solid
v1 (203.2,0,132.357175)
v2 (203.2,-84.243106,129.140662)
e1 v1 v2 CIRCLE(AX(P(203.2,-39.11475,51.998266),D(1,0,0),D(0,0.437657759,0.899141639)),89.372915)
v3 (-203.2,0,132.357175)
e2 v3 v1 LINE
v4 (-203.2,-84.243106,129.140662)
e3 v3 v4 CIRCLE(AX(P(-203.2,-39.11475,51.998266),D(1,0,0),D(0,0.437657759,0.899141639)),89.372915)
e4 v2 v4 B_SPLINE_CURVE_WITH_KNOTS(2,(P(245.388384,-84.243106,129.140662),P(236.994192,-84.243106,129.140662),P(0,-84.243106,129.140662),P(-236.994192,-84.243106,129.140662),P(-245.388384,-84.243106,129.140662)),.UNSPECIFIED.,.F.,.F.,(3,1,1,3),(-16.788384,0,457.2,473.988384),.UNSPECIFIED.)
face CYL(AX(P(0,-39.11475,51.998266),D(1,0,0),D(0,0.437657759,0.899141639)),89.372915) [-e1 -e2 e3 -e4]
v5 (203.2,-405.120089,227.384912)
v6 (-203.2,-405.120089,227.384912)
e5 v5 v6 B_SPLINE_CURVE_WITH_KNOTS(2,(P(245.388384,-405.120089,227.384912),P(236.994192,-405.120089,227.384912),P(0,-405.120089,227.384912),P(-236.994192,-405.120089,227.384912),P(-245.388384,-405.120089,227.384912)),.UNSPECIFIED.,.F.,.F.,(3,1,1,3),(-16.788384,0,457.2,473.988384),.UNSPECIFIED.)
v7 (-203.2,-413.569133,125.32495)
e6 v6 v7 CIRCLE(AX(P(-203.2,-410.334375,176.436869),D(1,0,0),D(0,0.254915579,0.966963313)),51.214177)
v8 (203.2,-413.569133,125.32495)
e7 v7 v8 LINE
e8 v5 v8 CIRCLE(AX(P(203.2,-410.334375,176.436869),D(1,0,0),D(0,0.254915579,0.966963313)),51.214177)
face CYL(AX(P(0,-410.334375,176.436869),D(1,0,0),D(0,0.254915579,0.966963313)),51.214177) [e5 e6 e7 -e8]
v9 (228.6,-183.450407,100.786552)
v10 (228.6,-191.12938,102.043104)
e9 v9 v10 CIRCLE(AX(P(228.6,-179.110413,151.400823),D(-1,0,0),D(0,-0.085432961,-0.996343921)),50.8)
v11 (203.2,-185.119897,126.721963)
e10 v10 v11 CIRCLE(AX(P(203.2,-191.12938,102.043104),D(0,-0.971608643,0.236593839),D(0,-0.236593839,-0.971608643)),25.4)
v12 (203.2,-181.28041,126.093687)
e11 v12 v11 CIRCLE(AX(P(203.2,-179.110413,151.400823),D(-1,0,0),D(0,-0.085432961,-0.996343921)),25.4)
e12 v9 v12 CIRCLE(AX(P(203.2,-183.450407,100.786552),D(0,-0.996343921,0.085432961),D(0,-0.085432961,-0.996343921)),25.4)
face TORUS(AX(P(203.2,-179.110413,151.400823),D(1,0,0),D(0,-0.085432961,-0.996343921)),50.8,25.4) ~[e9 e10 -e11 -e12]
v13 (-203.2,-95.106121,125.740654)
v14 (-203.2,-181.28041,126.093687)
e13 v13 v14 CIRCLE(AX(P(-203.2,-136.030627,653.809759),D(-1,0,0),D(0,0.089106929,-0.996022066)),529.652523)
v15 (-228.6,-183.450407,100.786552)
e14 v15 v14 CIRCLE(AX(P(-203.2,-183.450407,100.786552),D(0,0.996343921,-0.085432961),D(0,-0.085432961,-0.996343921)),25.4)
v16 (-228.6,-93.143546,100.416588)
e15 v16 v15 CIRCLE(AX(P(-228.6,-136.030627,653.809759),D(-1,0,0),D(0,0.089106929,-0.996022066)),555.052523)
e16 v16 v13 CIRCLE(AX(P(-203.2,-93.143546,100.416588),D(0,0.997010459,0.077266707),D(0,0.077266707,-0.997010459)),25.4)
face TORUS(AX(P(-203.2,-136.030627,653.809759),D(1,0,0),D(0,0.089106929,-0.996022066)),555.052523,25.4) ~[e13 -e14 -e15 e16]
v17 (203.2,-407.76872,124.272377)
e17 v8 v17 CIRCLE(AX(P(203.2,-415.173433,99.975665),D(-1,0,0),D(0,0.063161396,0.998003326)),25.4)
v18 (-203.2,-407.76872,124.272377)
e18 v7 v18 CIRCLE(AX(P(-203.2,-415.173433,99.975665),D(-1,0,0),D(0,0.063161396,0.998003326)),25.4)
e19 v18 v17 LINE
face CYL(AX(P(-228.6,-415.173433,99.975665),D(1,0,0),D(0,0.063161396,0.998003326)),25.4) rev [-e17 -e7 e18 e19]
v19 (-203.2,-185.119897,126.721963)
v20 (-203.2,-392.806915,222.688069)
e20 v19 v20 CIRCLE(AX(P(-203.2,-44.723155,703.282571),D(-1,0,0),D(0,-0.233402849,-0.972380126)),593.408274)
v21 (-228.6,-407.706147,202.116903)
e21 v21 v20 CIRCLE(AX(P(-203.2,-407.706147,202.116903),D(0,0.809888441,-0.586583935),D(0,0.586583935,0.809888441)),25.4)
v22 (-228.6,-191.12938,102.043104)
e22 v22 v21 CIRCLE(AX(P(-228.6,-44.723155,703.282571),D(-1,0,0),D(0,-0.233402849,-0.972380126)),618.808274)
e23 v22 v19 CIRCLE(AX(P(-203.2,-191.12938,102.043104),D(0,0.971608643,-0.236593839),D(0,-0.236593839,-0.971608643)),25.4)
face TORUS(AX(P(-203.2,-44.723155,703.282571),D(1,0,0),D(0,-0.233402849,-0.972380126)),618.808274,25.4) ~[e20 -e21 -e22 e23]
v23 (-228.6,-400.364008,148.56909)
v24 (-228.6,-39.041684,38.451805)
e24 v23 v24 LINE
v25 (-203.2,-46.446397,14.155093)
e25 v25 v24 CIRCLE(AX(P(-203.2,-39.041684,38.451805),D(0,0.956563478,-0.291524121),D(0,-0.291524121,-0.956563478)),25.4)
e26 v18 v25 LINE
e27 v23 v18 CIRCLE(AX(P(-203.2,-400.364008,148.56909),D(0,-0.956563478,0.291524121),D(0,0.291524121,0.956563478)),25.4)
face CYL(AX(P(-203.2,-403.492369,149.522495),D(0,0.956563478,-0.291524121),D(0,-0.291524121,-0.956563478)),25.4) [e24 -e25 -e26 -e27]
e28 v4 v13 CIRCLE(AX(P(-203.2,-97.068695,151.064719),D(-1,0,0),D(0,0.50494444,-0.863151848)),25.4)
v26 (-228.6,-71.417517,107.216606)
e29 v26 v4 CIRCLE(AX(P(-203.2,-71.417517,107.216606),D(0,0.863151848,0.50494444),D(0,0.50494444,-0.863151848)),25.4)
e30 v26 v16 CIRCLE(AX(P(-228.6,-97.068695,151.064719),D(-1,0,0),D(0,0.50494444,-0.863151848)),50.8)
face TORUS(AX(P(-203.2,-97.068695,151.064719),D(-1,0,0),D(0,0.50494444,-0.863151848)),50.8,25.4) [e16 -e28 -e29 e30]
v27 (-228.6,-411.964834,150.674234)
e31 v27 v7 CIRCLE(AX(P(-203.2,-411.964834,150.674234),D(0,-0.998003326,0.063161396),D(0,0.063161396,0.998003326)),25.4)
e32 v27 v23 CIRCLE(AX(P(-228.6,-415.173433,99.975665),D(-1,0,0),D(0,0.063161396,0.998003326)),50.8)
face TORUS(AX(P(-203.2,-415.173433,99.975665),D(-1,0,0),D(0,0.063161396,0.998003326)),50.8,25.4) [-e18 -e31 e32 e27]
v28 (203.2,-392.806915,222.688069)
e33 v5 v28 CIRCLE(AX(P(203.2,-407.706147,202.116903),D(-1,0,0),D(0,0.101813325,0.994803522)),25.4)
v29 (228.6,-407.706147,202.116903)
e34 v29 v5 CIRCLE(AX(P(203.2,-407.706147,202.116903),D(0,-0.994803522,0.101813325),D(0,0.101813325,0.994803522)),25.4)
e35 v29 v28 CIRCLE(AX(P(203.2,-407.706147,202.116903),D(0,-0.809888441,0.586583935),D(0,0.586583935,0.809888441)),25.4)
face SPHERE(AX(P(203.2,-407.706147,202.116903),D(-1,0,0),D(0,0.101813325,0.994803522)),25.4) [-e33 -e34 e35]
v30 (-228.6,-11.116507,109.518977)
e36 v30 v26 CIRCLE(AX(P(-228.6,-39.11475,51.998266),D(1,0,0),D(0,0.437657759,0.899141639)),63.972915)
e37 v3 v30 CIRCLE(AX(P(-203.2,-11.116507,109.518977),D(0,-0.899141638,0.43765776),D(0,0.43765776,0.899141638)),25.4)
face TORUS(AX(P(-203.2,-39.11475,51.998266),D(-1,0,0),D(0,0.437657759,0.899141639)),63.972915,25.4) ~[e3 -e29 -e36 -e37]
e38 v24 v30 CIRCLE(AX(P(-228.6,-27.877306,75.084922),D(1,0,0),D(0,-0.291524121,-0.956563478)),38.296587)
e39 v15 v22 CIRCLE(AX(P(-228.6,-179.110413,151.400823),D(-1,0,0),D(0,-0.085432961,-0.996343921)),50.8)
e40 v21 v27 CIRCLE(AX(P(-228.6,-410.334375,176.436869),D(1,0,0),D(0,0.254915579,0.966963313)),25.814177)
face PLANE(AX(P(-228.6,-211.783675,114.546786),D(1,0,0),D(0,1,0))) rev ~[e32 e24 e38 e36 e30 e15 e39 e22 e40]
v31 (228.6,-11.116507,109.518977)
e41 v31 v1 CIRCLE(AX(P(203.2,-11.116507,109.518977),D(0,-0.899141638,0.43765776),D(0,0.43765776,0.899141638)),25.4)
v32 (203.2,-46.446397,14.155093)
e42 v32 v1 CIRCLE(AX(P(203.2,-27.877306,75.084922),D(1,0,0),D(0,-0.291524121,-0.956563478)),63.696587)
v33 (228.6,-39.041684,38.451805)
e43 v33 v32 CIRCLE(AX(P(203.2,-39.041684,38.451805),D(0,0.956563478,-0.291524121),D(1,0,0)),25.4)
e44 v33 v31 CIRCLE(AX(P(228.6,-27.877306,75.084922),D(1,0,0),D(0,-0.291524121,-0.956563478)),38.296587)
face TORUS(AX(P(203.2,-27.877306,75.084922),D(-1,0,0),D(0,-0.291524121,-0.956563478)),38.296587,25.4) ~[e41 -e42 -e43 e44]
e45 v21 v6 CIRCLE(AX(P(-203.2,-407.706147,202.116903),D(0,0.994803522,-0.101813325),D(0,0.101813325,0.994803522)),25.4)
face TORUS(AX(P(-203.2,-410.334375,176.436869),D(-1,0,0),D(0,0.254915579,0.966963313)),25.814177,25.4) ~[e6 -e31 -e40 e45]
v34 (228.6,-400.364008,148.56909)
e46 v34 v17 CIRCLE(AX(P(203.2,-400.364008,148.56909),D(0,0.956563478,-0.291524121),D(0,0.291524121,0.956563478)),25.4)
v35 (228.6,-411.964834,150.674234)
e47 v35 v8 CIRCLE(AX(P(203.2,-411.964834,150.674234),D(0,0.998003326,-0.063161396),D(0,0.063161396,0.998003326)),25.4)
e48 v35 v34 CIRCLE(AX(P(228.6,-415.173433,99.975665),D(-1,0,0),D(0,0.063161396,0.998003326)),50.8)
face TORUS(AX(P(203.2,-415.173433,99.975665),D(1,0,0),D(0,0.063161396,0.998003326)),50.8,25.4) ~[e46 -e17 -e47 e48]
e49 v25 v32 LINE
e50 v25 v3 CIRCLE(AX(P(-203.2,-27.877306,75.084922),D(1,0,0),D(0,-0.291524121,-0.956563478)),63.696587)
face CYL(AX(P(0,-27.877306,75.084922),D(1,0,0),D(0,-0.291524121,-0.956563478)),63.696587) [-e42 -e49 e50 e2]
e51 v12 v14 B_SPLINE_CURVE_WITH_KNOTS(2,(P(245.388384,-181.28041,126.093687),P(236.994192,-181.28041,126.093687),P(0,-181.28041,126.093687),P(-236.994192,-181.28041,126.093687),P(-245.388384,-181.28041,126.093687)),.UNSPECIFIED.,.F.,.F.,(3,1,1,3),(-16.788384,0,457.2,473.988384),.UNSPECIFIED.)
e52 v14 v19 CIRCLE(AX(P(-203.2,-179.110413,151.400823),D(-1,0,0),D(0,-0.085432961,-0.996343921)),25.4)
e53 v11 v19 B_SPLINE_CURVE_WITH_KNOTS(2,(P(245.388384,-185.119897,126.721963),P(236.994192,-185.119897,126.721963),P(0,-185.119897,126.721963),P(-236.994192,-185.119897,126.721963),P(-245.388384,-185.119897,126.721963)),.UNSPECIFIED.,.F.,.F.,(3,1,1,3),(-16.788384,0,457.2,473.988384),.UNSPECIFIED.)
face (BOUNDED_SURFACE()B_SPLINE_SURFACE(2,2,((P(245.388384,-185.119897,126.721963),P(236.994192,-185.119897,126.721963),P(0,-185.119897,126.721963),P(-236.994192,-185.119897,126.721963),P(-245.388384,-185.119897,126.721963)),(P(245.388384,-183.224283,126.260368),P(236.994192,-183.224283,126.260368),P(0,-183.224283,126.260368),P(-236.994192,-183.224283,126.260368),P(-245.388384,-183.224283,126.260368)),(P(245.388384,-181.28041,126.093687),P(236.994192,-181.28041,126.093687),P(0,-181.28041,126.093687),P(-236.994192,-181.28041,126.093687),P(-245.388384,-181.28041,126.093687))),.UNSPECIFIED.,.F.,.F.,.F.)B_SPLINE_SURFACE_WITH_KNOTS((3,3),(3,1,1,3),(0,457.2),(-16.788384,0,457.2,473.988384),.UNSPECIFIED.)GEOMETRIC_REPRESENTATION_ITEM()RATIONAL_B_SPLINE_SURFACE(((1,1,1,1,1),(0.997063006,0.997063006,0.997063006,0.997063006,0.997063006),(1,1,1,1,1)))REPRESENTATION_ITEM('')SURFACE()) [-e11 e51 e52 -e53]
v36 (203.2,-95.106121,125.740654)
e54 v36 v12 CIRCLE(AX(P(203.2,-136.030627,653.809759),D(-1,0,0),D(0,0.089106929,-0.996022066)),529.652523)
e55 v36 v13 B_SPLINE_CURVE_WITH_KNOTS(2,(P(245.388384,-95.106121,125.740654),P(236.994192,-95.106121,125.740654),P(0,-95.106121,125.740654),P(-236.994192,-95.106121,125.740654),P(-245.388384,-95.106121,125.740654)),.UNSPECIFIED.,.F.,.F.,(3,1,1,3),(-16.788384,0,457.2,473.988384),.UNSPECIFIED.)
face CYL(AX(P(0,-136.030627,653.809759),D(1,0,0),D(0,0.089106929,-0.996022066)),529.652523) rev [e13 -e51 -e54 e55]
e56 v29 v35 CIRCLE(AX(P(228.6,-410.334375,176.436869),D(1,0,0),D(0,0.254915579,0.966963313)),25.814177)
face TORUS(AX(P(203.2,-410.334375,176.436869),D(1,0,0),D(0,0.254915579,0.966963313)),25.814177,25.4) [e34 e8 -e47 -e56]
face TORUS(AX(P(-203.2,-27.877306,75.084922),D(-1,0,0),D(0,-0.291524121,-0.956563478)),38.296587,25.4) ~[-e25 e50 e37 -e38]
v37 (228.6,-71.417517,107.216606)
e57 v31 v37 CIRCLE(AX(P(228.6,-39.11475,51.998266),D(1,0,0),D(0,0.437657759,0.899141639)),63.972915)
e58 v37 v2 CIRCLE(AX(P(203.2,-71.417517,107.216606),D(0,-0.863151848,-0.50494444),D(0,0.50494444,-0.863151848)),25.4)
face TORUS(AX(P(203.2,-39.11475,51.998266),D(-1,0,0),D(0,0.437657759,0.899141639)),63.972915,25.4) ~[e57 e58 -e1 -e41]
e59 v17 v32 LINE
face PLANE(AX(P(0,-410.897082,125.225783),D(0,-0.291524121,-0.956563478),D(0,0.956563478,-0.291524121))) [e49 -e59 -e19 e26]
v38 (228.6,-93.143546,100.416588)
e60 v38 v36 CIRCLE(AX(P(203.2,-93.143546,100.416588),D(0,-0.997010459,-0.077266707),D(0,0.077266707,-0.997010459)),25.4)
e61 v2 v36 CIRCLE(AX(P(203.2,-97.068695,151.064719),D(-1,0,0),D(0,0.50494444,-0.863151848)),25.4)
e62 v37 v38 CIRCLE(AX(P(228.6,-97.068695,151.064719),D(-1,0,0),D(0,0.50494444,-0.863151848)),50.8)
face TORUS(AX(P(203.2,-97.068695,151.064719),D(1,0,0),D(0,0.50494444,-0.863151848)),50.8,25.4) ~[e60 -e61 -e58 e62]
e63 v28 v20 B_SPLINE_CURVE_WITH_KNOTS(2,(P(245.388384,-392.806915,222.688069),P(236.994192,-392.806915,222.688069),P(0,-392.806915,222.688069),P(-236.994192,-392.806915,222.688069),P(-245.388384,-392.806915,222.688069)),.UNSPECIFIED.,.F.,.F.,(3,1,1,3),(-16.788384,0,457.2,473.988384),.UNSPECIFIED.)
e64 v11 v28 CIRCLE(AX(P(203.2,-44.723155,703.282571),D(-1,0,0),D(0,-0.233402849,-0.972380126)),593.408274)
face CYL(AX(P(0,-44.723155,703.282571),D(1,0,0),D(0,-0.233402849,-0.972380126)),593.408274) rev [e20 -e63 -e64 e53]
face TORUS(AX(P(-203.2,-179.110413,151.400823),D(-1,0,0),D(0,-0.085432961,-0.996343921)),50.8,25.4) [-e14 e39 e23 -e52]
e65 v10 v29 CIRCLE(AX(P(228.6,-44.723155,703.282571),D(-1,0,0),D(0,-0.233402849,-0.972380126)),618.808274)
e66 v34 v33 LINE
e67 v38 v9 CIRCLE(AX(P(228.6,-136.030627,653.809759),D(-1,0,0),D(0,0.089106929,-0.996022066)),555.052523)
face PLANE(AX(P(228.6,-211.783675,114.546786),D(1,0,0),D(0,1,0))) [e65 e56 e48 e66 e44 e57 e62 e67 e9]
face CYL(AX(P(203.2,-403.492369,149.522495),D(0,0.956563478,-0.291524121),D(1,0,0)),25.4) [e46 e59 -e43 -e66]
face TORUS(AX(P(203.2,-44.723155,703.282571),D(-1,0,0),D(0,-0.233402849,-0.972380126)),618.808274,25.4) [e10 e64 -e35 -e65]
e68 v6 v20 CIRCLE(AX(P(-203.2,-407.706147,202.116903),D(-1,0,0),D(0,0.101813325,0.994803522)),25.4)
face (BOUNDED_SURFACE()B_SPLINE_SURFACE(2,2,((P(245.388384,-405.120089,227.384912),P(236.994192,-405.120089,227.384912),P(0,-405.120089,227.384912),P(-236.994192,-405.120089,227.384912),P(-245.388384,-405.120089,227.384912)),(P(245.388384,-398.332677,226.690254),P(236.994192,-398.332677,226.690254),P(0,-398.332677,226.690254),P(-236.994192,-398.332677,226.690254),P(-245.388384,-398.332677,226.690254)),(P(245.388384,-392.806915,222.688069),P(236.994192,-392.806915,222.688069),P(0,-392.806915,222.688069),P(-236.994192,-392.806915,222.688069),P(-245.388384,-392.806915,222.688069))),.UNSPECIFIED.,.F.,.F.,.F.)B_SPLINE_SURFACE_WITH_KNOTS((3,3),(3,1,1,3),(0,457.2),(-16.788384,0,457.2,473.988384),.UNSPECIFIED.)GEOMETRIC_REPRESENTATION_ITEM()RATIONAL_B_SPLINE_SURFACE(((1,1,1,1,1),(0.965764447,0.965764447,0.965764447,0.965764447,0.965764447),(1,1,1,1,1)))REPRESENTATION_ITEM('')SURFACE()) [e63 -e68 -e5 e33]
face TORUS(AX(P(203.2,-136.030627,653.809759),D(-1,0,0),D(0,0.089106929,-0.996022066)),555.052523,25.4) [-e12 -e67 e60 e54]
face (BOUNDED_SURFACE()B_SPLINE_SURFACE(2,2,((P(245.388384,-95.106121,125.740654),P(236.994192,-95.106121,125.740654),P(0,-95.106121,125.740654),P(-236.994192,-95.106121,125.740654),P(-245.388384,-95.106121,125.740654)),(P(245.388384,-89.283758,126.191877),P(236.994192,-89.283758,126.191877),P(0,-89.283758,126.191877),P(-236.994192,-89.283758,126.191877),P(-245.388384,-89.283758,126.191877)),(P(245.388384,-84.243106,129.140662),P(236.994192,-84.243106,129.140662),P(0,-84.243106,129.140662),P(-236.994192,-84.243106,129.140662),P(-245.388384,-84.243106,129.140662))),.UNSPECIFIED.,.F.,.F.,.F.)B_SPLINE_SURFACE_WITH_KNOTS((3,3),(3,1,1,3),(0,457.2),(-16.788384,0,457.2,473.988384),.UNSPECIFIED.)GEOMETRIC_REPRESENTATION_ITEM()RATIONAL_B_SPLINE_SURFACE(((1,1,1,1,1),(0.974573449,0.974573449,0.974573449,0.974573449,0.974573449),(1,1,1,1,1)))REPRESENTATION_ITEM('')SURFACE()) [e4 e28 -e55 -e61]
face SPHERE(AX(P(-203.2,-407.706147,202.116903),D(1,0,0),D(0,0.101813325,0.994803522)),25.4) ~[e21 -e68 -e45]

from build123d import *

# Parameters (mm, degrees)
F1_DEPTH = 228.6
F2_R     = 25.4


with BuildPart() as f1:
    # F0 (on Right) → F1 (new body, symmetric)
    with BuildSketch(Plane.YZ):
        with BuildLine():
            ThreePointArc((-397.279083, 225.959099), (-461.086876, 183.29803), (-410.897082, 125.225783))
            Line((-410.897082, 125.225783), (-46.446397, 14.155093))
            ThreePointArc((-46.446397, 14.155093), (31.406704, 51.789828), (0, 132.357175))
            ThreePointArc((0, 132.357175), (-45.230298, 141.1617), (-88.834917, 126.264159))
            ThreePointArc((-88.834917, 126.264159), (-136.030627, 124.157236), (-183.226337, 126.264159))
            ThreePointArc((-183.226337, 126.264159), (-295.26164, 165.357068), (-397.279083, 225.959099))
        make_face()
    extrude(amount=F1_DEPTH, both=True)

    # F2
    f2_edges = [f1.edges().sort_by_distance(p)[0] for p in [
        (-228.6, -461.086876, 183.29803),
        (-228.6, -228.671739, 69.690438),
        (-228.6, 31.406704, 51.789828),
        (-228.6, -45.230298, 141.1617),
        (-228.6, -136.030627, 124.157236),
        (-228.6, -295.26164, 165.357068),
        (228.6, -461.086876, 183.29803),
        (228.6, -228.671739, 69.690438),
        (228.6, 31.406704, 51.789828),
        (228.6, -45.230298, 141.1617),
        (228.6, -136.030627, 124.157236),
        (228.6, -295.26164, 165.357068),
        (0, -183.226337, 126.264159),
        (0, -88.834917, 126.264159),
        (0, 0, 132.357175),
        (0, -397.279083, 225.959099),
        (0, -410.897082, 125.225783),
        (0, -46.446397, 14.155093),
    ]]
    fillet(f2_edges, radius=F2_R)


solid = f1.part
